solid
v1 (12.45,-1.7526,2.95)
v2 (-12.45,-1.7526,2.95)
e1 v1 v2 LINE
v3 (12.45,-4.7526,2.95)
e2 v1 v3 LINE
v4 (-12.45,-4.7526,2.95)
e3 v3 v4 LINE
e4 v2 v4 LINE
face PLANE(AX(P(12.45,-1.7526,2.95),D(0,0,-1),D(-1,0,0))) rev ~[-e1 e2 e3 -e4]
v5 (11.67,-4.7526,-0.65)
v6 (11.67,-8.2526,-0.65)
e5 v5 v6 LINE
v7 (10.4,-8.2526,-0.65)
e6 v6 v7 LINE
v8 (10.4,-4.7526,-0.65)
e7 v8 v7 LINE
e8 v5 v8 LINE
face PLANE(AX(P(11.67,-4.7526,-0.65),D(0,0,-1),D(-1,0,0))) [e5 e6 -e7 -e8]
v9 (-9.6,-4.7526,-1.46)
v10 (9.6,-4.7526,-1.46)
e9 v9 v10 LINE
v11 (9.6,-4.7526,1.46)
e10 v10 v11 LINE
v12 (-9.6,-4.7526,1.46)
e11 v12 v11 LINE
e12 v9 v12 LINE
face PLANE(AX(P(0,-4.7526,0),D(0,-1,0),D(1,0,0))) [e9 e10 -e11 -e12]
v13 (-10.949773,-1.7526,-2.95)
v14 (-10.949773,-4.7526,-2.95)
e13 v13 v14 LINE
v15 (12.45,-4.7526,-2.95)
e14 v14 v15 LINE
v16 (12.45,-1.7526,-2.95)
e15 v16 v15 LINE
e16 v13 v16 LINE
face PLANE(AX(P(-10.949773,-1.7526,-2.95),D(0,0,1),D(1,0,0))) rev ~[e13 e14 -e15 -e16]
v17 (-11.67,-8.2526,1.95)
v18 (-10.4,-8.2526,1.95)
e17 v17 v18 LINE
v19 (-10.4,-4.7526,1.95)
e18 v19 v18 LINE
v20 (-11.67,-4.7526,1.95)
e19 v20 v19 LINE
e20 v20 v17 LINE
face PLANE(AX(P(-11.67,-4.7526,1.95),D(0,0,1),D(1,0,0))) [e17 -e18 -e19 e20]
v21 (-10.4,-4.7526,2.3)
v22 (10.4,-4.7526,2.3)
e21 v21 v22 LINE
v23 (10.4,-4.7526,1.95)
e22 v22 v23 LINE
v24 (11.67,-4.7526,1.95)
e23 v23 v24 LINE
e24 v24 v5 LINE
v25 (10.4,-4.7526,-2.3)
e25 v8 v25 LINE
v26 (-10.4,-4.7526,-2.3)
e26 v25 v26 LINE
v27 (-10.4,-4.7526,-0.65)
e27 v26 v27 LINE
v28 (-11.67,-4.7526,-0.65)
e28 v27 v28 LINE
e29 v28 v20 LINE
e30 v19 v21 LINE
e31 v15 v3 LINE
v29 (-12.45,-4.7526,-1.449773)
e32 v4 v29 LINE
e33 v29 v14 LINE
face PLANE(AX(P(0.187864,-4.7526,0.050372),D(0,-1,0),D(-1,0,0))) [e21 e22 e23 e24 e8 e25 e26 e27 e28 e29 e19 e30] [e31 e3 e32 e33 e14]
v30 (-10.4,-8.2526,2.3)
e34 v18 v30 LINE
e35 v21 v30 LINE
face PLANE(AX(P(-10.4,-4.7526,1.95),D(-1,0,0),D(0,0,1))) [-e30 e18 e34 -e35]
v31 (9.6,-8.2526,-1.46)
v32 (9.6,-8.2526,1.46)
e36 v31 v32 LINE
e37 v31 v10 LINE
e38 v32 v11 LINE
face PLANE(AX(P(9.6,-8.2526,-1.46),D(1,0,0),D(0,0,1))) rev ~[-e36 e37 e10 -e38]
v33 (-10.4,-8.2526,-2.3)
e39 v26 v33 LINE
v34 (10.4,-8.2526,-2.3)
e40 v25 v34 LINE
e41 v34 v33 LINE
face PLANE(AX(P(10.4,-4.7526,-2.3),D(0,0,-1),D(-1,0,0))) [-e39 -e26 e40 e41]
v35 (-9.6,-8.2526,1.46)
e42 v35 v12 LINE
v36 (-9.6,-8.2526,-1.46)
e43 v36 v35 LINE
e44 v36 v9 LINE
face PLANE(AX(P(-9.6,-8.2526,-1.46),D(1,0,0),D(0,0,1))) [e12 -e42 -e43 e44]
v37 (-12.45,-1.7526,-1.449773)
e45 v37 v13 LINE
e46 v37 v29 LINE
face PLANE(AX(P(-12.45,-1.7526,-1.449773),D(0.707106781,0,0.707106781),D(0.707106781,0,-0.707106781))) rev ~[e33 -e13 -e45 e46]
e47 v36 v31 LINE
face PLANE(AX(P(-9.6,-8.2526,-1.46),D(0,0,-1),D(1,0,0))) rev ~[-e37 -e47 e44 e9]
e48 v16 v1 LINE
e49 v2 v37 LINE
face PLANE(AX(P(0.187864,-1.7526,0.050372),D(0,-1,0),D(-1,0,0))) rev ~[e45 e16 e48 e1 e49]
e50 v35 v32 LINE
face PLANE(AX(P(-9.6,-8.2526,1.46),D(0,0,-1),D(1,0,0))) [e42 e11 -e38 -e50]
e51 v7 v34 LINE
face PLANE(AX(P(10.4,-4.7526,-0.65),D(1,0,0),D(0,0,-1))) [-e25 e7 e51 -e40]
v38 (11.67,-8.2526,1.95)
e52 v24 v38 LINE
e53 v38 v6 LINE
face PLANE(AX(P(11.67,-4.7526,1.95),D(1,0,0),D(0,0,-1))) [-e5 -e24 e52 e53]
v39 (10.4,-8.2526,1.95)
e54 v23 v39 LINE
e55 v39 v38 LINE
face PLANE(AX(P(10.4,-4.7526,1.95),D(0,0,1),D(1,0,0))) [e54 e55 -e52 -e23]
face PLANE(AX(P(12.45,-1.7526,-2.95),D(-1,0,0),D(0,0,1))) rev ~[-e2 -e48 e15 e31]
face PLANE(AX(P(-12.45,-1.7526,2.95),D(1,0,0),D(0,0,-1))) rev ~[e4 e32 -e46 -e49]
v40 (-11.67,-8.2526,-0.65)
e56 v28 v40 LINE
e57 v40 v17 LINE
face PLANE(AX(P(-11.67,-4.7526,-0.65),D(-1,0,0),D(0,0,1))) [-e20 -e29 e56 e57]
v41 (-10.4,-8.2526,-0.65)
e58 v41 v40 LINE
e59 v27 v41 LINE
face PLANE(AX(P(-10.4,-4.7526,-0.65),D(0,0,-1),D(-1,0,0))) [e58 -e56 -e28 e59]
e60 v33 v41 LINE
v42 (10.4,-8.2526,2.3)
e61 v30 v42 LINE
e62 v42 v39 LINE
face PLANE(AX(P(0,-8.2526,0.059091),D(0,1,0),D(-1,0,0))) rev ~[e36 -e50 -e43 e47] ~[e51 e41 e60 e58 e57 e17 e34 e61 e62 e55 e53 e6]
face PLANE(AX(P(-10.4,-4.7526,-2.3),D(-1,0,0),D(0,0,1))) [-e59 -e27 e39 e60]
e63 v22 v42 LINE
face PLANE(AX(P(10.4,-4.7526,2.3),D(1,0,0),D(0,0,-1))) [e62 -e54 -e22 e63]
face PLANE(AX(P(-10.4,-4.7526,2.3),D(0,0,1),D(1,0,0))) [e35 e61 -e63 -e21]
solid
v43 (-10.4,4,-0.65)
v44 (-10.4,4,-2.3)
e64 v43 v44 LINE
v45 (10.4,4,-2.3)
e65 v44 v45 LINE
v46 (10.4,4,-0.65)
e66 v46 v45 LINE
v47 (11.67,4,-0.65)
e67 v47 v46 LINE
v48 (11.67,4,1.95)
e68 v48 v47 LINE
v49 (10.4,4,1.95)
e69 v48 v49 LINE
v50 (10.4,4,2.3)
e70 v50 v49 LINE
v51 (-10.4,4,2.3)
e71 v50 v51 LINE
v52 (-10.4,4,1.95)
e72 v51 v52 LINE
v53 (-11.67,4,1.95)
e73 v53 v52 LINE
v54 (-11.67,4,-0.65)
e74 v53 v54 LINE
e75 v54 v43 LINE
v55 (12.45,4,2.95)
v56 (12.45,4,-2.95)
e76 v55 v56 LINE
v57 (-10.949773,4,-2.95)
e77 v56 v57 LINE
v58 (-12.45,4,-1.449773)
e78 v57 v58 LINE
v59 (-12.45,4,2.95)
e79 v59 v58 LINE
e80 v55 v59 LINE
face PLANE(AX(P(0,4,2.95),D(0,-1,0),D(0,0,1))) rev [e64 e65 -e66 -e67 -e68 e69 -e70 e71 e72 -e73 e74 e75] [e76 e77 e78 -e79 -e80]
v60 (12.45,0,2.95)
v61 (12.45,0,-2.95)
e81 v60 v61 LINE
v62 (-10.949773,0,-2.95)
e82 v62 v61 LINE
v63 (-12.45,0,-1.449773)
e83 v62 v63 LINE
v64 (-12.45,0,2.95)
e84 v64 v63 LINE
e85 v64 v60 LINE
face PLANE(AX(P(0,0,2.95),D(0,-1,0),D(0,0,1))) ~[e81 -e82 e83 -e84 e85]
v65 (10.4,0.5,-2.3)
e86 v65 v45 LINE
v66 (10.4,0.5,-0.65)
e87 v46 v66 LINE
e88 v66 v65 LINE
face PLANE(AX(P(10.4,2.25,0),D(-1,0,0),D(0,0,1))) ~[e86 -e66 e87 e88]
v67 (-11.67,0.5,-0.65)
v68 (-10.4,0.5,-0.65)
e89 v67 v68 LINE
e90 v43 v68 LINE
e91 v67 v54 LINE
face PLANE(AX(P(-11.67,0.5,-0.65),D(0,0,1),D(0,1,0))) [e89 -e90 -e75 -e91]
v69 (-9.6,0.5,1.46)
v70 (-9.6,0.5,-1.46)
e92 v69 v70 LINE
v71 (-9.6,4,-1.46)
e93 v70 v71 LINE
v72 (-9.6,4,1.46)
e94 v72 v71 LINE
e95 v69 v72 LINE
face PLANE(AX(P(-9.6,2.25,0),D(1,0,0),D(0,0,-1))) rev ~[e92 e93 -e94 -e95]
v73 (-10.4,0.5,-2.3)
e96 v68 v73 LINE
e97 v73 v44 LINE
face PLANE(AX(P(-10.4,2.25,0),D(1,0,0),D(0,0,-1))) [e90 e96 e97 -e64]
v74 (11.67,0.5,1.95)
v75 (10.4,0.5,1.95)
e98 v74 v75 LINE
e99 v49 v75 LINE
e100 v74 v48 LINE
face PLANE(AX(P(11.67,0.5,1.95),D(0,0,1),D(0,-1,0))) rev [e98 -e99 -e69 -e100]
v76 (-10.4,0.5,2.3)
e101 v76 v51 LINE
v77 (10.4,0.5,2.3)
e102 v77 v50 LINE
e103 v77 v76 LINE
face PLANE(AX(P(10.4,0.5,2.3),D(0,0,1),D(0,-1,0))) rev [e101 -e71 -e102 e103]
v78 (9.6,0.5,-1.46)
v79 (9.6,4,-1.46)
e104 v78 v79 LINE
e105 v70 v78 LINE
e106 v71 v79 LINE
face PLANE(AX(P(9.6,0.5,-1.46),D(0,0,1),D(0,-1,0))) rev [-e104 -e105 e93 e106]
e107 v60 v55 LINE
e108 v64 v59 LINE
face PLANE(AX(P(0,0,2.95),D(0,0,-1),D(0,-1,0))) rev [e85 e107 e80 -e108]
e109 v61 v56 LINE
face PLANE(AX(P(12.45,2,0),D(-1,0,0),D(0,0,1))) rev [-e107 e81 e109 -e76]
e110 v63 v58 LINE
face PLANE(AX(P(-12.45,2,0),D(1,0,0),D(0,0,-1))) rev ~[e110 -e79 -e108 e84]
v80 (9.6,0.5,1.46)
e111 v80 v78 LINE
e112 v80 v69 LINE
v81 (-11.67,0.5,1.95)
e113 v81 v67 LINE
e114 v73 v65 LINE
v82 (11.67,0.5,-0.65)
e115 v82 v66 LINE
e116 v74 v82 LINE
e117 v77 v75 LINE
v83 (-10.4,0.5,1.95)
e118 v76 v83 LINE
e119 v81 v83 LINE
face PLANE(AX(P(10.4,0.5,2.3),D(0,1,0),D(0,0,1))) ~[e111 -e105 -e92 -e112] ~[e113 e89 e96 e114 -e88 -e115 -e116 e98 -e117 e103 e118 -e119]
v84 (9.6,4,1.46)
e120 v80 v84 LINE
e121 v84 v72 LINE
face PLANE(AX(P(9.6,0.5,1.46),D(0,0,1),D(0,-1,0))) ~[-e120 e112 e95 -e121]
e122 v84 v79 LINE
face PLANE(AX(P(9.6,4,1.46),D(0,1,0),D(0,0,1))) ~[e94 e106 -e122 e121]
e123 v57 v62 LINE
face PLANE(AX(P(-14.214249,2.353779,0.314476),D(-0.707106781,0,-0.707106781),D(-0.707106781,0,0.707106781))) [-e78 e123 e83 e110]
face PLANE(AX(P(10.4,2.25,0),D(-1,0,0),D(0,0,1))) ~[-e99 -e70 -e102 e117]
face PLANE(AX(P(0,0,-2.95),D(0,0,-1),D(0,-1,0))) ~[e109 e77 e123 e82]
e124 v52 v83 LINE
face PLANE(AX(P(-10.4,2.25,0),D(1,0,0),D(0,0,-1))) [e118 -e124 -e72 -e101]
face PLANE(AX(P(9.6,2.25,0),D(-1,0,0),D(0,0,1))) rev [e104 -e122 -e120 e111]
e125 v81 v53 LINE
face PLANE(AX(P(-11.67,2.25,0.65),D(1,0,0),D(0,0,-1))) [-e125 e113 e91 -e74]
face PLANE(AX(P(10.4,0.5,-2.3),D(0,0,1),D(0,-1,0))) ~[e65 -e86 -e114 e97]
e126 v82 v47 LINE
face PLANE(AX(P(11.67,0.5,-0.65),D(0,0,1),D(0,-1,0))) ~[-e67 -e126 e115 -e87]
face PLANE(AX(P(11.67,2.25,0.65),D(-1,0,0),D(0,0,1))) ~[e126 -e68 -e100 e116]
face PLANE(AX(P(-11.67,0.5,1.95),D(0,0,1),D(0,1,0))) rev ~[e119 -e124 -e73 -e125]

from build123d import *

# Parameters (mm, degrees)
SKETCH14_W          = 5.9
SKETCH14_H          = 4
BODY_DEPTH          = 12.45
SLOT_A_START        = -10.4
SKETCH17_W          = 4.6
SKETCH17_H          = 3.5
SLOT_A_DEPTH        = 11.4
SLOT_1_START        = -11.67
SKETCH18_W          = 2.6
SKETCH18_H          = 3.5
SLOT_1_DEPTH        = 12.67
BOSS_EXTRUDE3_START = -9.6
SKETCH23_W          = 2.92
SKETCH23_H          = 3.5
BOSS_EXTRUDE3_DEPTH = 9.6
CUT_EXTRUDE1_START  = -1.060820368
SKETCH19_W          = 12.908143914
SKETCH19_H          = 5.38442958
CUT_EXTRUDE1_DEPTH  = 2.060820368
BOSS_EXTRUDE1_DEPTH = 3
BOSS_EXTRUDE2_DEPTH = 3.5
SKETCH24_W          = 19.2
SKETCH24_H          = 2.92
CUT_EXTRUDE2_DEPTH  = 3.5


with BuildPart() as part:
    # Sketch14 → body (new body)
    with BuildSketch(Plane(origin=(0, 0, 0), x_dir=(0, 0, -1), z_dir=(1, 0, 0))):
        with Locations((0, 2)):
            Rectangle(SKETCH14_W, SKETCH14_H)
    extrude(amount=-BODY_DEPTH)

    # Sketch17 → slot-a (cut, through all)
    with BuildSketch(Plane(origin=(0, 0, 0), x_dir=(0, 0, -1), z_dir=(1, 0, 0)).offset(SLOT_A_START)):
        with Locations((0, 2.25)):
            Rectangle(SKETCH17_W, SKETCH17_H)
    extrude(amount=SLOT_A_DEPTH, mode=Mode.SUBTRACT)

    # Sketch18 → slot-1 (cut, through all)
    with BuildSketch(Plane(origin=(0, 0, 0), x_dir=(0, 0, -1), z_dir=(1, 0, 0)).offset(SLOT_1_START)):
        with Locations((-0.65, 2.25)):
            Rectangle(SKETCH18_W, SKETCH18_H)
    extrude(amount=SLOT_1_DEPTH, mode=Mode.SUBTRACT)

    # Sketch23 → Boss-Extrude3 (add)
    with BuildSketch(Plane(origin=(0, 0, 0), x_dir=(0, 0, -1), z_dir=(1, 0, 0)).offset(BOSS_EXTRUDE3_START)):
        with Locations((0, 2.25)):
            Rectangle(SKETCH23_W, SKETCH23_H)
    extrude(amount=BOSS_EXTRUDE3_DEPTH)

    # Mirror2: part across plane


with BuildPart() as part_1:
    add(part.part)
    add(part.part.mirror(Plane(origin=(0, 0, 0), x_dir=(0, 0, 1), z_dir=(1, 0, 0))))

    # Sketch19 → Cut-Extrude1 (cut, through all)
    with BuildSketch(Plane(origin=(-7.7, 0, -7.7), x_dir=(-0.707106781, 0, 0.707106781), z_dir=(-0.707106781, 0, -0.707106781)).offset(CUT_EXTRUDE1_START)):
        with Locations((10.2733597, 2.353779192)):
            Rectangle(SKETCH19_W, SKETCH19_H)
    extrude(amount=CUT_EXTRUDE1_DEPTH, mode=Mode.SUBTRACT)


with BuildPart() as body_2:
    # Sketch20 → Boss-Extrude1 (new body)
    with BuildSketch(Plane(origin=(0, -1.7526, 0), x_dir=(1, 0, 0), z_dir=(0, 1, 0))):
        Polygon((-12.45, -2.95), (-12.45, 1.449773449), (-10.949773449, 2.95), (12.45, 2.95), (12.45, -2.95), align=None)
    extrude(amount=-BOSS_EXTRUDE1_DEPTH)

    # Sketch22 → Boss-Extrude2 (add)
    with BuildSketch(Plane.XZ.offset(4.7526)):
        Polygon((10.4, 2.3), (10.4, 1.95), (11.67, 1.95), (11.67, -0.65), (10.4, -0.65), (10.4, -2.3), (-10.4, -2.3), (-10.4, -0.65), (-11.67, -0.65), (-11.67, 1.95), (-10.4, 1.95), (-10.4, 2.3), align=None)
    extrude(amount=BOSS_EXTRUDE2_DEPTH)

    # Sketch24 → Cut-Extrude2 (cut)
    with BuildSketch(Plane.XZ.offset(8.2526)):
        Rectangle(SKETCH24_W, SKETCH24_H)
    extrude(amount=-CUT_EXTRUDE2_DEPTH, mode=Mode.SUBTRACT)


solid = Compound([part_1.part, body_2.part])
